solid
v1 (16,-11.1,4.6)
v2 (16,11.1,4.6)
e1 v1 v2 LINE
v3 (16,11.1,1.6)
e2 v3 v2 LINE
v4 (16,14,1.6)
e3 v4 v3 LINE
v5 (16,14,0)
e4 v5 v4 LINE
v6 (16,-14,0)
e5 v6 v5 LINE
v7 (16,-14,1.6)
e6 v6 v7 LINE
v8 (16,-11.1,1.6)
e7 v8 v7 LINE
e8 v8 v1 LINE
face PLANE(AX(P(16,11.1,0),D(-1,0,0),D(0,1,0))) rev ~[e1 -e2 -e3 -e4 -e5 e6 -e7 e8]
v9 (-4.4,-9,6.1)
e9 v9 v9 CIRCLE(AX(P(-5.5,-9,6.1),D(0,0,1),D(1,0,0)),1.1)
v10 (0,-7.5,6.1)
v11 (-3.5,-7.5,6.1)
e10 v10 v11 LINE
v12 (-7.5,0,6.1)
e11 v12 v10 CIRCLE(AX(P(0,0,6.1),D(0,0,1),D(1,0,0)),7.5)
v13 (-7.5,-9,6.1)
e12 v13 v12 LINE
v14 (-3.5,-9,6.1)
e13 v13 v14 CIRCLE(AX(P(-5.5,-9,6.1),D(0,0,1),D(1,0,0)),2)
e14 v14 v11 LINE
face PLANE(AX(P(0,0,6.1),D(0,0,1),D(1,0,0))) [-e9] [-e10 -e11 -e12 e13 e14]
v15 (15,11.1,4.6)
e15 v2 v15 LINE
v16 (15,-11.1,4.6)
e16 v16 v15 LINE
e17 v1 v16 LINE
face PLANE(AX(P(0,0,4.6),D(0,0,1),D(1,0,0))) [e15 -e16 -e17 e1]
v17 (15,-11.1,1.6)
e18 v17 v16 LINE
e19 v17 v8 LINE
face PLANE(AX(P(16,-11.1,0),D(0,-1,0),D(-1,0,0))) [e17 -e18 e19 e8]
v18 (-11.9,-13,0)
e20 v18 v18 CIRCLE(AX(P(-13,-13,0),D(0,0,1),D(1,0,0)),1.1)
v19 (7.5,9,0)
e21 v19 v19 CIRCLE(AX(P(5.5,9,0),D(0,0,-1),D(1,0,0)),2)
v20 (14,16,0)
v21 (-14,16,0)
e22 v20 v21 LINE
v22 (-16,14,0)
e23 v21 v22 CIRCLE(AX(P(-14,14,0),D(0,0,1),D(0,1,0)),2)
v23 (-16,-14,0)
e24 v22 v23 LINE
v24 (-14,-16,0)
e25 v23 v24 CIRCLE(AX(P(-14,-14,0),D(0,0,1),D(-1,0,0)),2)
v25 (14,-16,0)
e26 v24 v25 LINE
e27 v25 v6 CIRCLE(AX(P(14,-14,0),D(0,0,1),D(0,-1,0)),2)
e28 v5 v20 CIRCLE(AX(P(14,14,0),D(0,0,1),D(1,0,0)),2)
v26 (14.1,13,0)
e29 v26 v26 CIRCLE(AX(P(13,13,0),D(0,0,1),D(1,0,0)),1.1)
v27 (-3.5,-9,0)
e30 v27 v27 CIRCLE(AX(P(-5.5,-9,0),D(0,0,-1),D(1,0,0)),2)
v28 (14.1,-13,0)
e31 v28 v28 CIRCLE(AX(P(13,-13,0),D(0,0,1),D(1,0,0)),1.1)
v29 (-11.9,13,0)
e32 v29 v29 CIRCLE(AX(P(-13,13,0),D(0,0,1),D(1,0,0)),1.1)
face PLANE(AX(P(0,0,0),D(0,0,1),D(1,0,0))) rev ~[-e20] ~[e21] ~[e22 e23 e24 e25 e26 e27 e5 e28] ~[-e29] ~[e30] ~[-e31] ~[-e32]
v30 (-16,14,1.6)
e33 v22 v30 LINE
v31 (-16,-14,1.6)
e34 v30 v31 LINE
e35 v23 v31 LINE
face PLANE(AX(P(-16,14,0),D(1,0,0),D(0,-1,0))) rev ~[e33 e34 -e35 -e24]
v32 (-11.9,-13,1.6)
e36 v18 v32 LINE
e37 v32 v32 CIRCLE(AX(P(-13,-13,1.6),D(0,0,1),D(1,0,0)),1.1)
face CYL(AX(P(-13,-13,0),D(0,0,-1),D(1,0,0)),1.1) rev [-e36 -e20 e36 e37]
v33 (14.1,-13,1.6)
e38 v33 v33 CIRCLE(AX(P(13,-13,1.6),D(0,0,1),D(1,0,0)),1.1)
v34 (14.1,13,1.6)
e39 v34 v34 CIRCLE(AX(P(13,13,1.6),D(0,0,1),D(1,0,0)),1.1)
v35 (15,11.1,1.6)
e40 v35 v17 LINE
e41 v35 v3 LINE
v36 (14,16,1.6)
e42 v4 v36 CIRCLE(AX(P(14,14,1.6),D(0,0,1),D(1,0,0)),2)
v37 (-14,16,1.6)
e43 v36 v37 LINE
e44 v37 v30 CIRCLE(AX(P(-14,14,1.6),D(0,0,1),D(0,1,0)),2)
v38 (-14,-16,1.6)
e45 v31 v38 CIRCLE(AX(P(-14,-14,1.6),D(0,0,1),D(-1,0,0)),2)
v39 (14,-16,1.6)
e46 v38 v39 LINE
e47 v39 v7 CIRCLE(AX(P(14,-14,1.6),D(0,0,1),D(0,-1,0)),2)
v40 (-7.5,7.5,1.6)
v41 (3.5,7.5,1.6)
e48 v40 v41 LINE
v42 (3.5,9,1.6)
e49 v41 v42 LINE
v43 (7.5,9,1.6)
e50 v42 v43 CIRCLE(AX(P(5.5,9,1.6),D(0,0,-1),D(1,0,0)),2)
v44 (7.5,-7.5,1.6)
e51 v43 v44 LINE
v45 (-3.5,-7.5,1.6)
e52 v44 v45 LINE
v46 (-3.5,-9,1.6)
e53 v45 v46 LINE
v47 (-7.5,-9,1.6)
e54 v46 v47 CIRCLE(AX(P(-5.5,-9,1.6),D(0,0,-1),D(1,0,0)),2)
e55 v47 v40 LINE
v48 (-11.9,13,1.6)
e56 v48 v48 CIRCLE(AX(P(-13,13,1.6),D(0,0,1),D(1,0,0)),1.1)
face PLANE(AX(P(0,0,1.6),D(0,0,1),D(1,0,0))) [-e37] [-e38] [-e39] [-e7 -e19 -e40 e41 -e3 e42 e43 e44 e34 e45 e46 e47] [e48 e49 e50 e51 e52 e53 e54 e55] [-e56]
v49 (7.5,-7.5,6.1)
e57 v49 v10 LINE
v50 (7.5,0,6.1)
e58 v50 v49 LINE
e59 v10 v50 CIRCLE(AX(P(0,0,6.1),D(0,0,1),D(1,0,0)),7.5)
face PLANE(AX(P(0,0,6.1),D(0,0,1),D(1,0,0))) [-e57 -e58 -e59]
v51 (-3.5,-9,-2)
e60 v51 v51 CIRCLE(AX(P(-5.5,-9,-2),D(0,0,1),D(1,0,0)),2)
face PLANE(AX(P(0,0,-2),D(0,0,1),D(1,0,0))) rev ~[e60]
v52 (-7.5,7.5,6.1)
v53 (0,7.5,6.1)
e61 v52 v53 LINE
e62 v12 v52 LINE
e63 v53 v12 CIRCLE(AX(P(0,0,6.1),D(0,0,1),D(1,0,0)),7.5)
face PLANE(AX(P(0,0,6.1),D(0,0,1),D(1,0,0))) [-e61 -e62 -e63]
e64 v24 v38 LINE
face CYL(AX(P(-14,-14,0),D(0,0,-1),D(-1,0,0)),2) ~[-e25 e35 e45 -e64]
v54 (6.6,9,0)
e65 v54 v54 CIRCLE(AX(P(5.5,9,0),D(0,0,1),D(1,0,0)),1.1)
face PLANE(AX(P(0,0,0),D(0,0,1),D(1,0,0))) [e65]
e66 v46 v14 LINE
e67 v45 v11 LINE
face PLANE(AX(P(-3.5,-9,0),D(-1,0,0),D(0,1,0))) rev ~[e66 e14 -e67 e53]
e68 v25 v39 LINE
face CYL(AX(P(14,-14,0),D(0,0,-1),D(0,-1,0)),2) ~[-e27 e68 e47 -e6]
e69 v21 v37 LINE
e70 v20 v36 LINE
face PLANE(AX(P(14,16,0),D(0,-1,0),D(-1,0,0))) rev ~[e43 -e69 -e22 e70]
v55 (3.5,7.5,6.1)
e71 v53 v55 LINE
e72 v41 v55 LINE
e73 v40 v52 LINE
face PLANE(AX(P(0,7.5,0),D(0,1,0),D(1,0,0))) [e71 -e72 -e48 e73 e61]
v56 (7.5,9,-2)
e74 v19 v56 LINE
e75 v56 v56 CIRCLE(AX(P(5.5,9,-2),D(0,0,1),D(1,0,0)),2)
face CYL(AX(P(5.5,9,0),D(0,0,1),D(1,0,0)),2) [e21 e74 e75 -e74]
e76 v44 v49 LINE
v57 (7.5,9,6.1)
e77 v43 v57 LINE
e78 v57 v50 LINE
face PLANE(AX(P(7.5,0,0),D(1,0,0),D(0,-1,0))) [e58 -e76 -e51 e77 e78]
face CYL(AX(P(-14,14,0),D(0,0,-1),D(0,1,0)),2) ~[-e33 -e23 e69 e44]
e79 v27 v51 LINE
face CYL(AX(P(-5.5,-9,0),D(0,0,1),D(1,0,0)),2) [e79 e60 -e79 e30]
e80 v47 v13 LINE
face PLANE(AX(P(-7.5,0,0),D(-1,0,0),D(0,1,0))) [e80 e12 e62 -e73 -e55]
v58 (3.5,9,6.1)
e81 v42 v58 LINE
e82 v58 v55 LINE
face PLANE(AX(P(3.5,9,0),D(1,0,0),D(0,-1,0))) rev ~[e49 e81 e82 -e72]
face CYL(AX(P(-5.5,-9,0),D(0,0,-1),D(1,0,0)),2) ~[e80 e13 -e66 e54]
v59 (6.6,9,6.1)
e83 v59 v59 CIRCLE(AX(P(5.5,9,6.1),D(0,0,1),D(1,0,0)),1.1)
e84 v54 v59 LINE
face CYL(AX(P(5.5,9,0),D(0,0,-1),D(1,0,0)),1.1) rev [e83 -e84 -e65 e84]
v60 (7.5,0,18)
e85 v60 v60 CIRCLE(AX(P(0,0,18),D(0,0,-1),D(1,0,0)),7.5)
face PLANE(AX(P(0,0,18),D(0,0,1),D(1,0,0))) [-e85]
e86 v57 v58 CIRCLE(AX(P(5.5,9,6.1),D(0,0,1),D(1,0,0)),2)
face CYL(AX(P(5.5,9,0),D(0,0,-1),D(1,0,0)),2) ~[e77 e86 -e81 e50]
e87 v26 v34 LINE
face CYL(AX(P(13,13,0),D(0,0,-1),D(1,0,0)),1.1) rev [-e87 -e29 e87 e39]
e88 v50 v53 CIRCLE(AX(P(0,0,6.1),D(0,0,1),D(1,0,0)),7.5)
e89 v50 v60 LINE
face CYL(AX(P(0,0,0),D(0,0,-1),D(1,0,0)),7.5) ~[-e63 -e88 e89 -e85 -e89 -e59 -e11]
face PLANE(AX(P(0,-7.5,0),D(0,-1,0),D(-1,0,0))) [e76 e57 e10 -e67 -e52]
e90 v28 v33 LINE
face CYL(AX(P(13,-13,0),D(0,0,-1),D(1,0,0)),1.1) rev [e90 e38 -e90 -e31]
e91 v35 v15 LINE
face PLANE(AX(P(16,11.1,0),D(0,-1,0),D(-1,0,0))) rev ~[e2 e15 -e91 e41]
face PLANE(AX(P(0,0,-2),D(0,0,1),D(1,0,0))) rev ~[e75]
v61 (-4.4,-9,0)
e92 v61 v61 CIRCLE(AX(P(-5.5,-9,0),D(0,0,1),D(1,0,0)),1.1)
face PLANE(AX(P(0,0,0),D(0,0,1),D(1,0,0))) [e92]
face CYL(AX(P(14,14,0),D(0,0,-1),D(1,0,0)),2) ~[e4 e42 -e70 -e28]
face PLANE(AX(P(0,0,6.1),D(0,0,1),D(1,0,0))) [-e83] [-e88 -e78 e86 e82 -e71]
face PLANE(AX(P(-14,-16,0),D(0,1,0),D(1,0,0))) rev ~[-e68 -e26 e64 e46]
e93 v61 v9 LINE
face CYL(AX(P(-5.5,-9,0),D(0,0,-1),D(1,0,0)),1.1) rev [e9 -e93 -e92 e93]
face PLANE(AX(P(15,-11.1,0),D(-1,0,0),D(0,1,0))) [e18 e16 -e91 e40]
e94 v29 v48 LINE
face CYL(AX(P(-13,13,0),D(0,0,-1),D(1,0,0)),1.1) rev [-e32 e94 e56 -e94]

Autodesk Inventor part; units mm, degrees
ref_plane "YZ Plane" through (0, 0, 0) normal (1, 0, 0) x (0, 1, 0)
ref_plane "XZ Plane" through (0, 0, 0) normal (0, 1, 0) x (-1, 0, 0)
ref_plane "XY Plane" through (0, 0, 0) normal (0, 0, 1) x (1, 0, 0)
sketch "スケッチ1" plane through (0, 0, 0) normal (0, 0, 1) x (1, 0, 0)
  line L0 (14, 16) -> (-14, 16)
  line L1 (-16, 14) -> (-16, -14)
  line L2 (-14, -16) -> (14, -16)
  line L3 (16, -14) -> (16, 14)
  line L4 (16, 16) -> (-16, -16) construction
  line L5 (-16, 16) -> (16, -16) construction
  line L6 (-13, 13) -> (13, 13) construction
  line L7 (13, 13) -> (13, -13) construction
  line L8 (13, -13) -> (-13, -13) construction
  line L9 (-13, -13) -> (-13, 13) construction
  line L10 (-13, 13) -> (13, -13) construction
  line L11 (13, 13) -> (-13, -13) construction
  circle A0 centre (-13, -13) radius 1.1
  line L12 (-16, 0) -> (16, 0) construction
  line L13 (0, 16) -> (0, -16) construction
  circle A1 centre (-13, 13) radius 1.1
  circle A2 centre (13, -13) radius 1.1
  circle A3 centre (13, 13) radius 1.1
  circle A4 centre (-13, -13) radius 2 construction
  circle A5 centre (-13, 13) radius 2 construction
  circle A6 centre (13, -13) radius 2 construction
  circle A7 centre (13, 13) radius 2 construction
  circle A8 centre (0, 0) radius 7.5
  circle A9 centre (-5.5, -9) radius 1.1
  circle A10 centre (-5.5, -9) radius 2
  line L14 (-7.5, -9) -> (-7.5, 7.5)
  line L15 (-7.5, 7.5) -> (3.5, 7.5)
  line L16 (-3.5, -9) -> (-3.5, -7.5)
  circle A11 centre (5.5, 9) radius 2
  line L17 (3.5, 9) -> (3.5, 7.5)
  circle A12 centre (5.5, 9) radius 1.1
  line L18 (7.5, 9) -> (7.5, -7.5)
  line L19 (7.5, -7.5) -> (-3.5, -7.5)
  arc A13 (-16, -14) -> (-14, -16) centre (-14, -14) ccw
  arc A14 (14, -16) -> (16, -14) centre (14, -14) ccw
  arc A15 (16, 14) -> (14, 16) centre (14, 14) ccw
  arc A16 (-14, 16) -> (-16, 14) centre (-14, 14) ccw
  line L20 (16, -11.1) -> (15, -11.1)
  line L21 (15, -11.1) -> (15, 11.1)
  line L22 (16, 11.1) -> (15, 11.1)
  point P0 (-3.5, -7.5)
  point P1 (0, -7.5)
  point P2 (-7.5, 0)
  point P3 (7.5, 0)
  point P4 (0, 7.5)
  point P5 (3.5, 7.5)
  dimension "d0" = 32
  dimension "d1" = 32
  dimension "d5" = 2.2
  dimension "d6" = 4
  dimension "d11" = 2.2
  dimension "d12" = 4
  dimension "d20" = 360
  dimension "d22" = 11
  dimension "d34" = 2
  dimension "d35" = 3
  dimension "d36" = 3
  dimension "d37" = 22.2
  dimension "d38" = 1
  dimension "d39" = 18
extrude "押し出し1" add sketch "スケッチ1" along normal blind 1.6 contours A15 L3 L22 L21 L20 A14 L2 A13 L1 A16 L0 | L3 L20 L21 L22 | A8 | L18 L19 A8 | A8 L15 L17 A11 L18 | A8 L14 L15 | L19 L16 A10 L14 A8 | A11 | A10
extrude "押し出し2" add sketch "スケッチ1" along normal blind 4.6 contours L3 L20 L21 L22
extrude "押し出し3" add sketch "スケッチ1" along normal blind 6.1 contours L18 L19 A8 | A8 L15 L17 A11 L18 | A8 L14 L15 | L19 L16 A10 L14 A8 | A11 | A10
extrude "押し出し4" add sketch "スケッチ1" along normal blind 18 contours A8
extrude "押し出し5" add sketch "スケッチ1" against normal blind 2 contours A11 | A10 | A9 | A12
properties part number "KBCR-S08MMWK"
